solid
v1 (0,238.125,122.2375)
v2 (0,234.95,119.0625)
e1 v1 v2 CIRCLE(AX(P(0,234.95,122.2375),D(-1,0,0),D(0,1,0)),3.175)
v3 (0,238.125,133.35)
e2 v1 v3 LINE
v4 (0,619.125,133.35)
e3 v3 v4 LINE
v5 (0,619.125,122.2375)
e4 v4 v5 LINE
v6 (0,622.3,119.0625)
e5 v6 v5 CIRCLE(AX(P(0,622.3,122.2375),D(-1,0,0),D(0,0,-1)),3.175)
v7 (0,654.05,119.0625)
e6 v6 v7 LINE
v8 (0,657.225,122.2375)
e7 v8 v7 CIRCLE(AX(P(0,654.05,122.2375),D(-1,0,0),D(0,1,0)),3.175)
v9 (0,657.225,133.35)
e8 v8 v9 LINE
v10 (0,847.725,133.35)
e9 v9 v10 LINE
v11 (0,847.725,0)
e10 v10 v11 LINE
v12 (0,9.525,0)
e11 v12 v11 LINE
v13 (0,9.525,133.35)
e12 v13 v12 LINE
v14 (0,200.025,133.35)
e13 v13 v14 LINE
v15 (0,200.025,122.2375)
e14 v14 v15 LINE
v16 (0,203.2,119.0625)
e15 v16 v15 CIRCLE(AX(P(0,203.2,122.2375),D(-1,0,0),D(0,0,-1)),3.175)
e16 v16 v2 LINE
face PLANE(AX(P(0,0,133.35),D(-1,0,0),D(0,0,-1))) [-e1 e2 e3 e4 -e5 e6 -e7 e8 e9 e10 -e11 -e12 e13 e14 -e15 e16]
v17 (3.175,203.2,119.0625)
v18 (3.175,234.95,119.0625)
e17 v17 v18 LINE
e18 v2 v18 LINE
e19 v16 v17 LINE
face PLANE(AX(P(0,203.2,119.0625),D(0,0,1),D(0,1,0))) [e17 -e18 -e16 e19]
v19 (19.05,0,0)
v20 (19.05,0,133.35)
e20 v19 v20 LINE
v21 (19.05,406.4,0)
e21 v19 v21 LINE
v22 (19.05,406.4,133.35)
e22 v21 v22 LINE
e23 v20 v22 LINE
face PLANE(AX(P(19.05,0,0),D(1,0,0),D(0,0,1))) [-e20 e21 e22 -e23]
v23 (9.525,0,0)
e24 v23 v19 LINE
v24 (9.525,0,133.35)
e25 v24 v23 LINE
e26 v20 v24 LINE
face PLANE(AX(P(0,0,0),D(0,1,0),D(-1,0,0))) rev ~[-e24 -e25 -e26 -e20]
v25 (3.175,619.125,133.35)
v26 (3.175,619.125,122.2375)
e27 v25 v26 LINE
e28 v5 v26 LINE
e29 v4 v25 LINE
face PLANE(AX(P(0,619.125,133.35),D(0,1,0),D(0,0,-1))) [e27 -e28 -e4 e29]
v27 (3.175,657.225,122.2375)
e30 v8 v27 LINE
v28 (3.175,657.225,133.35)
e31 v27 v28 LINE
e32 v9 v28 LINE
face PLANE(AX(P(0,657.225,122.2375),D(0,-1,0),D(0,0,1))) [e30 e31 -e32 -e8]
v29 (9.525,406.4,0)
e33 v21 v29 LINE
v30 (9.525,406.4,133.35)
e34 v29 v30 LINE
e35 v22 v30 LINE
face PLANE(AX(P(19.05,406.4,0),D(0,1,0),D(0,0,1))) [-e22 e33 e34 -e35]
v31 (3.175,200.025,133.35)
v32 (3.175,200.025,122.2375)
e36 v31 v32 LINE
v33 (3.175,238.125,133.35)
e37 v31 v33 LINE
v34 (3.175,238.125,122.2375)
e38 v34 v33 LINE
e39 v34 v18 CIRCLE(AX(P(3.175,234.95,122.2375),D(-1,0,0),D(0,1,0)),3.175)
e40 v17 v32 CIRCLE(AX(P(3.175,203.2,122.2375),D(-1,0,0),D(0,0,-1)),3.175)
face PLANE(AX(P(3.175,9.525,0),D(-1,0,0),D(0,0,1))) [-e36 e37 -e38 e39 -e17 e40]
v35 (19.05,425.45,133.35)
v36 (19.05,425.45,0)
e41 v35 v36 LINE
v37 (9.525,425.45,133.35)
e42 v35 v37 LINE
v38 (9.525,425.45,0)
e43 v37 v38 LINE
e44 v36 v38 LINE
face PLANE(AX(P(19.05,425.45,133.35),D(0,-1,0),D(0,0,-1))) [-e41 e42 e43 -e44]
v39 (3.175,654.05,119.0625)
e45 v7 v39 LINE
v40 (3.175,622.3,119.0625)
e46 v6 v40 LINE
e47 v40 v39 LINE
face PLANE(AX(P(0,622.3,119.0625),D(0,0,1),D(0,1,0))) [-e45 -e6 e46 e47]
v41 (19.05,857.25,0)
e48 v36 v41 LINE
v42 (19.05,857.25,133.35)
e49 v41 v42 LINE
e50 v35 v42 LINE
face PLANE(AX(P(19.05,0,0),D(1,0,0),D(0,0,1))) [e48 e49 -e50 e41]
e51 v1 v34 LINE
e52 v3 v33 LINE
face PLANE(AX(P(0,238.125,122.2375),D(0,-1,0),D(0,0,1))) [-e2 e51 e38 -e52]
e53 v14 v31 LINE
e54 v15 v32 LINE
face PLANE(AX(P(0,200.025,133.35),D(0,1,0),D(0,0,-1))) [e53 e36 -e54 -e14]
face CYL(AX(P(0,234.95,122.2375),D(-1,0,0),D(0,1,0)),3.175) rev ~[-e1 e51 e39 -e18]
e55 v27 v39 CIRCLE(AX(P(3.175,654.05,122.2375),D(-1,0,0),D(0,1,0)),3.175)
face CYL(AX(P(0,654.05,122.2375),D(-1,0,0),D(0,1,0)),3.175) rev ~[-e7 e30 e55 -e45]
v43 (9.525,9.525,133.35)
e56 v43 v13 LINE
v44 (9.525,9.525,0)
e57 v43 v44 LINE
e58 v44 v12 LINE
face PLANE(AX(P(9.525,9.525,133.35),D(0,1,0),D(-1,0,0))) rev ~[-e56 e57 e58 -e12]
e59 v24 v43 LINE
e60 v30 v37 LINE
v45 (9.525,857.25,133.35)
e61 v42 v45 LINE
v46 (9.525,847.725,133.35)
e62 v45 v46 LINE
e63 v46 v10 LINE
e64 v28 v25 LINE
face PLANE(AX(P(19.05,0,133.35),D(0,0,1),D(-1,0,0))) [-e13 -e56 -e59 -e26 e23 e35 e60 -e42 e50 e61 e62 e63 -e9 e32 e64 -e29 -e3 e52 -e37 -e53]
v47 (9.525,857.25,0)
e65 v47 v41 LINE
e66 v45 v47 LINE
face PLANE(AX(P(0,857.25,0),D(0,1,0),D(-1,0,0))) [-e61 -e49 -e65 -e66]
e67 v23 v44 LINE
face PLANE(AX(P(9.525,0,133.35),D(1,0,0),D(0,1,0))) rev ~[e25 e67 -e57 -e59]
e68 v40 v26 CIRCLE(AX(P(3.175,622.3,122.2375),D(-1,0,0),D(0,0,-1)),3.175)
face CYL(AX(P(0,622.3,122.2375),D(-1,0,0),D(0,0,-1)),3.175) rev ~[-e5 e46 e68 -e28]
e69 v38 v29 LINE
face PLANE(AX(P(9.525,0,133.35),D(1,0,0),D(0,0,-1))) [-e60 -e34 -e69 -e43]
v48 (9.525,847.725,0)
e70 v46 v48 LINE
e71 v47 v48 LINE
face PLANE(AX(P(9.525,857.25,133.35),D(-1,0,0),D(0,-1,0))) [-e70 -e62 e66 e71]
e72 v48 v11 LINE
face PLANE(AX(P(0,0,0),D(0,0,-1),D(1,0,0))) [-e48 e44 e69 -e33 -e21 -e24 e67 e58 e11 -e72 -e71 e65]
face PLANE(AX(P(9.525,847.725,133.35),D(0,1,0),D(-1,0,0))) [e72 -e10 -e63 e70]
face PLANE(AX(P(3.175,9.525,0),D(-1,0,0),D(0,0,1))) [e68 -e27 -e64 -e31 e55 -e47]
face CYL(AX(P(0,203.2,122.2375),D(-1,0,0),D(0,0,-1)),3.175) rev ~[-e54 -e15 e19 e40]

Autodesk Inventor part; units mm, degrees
ref_plane "YZ Plane" through (0, 0, 0) normal (1, 0, 0) x (0, 1, 0)
ref_plane "XZ Plane" through (0, 0, 0) normal (0, 1, 0) x (-1, 0, 0)
ref_plane "XY Plane" through (0, 0, 0) normal (0, 0, 1) x (1, 0, 0)
sketch "Sketch1" plane through (0, 0, 0) normal (0, 1, 0) x (-1, 0, 0)
  line L0 (0, 0) -> (-19.05, 0)
  line L1 (-19.05, 0) -> (-19.05, 133.35)
  line L2 (-19.05, 133.35) -> (0, 133.35)
  line L3 (0, 133.35) -> (0, 0)
  dimension "d0" = 19.05
  dimension "d1" = 133.35
extrude "Board" add sketch "Sketch1" along normal blind 857.25
sketch "Sketch2" plane through (19.05, 0, 133.35) normal (1, 0, 0) x (0, 0, -1)
  line L0 (0, 425.45) -> (133.35, 425.45)
  line L1 (133.35, 425.45) -> (133.35, 406.4)
  line L2 (133.35, 406.4) -> (0, 406.4)
  line L3 (0, 406.4) -> (0, 425.45)
  line L4 (0, 0) -> (133.35, 0) projected
  line L5 (0, 0) -> (0, 857.25) projected
  line L6 (133.35, 0) -> (133.35, 857.25) projected
  dimension "d4" = 19.05
  dimension "d5" = 406.4
extrude "Shelf Notch" cut sketch "Sketch2" against normal blind 9.525 contours L0 L1 L2 L3
sketch "Sketch3" plane through (0, 0, 133.35) normal (0, 0, 1) x (1, 0, 0)
  line L0 (0, 857.25) -> (19.05, 857.25) projected
  line L1 (0, 857.25) -> (9.525, 857.25)
  line L2 (9.525, 857.25) -> (9.525, 847.725)
  line L3 (9.525, 847.725) -> (0, 847.725)
  line L4 (0, 847.725) -> (0, 857.25)
  line L5 (0, 0) -> (9.525, 0)
  line L6 (9.525, 0) -> (9.525, 9.525)
  line L7 (9.525, 9.525) -> (0, 9.525)
  line L8 (0, 9.525) -> (0, 0)
  dimension "d8" = 9.525
  dimension "d9" = 9.525
  dimension "d14" = 9.525
  dimension "d15" = 9.525
extrude "Top and Bottom Dados" cut sketch "Sketch3" against normal blind 133.35
sketch "Sketch5" plane through (0, 9.525, 0) normal (-1, 0, 0) x (0, 0, 1)
  line L0 (122.2375, 647.7) -> (133.35, 647.7)
  line L1 (133.35, 647.7) -> (133.35, 609.6)
  line L2 (133.35, 609.6) -> (122.2375, 609.6)
  line L3 (119.0625, 612.775) -> (119.0625, 644.525)
  line L4 (133.35, 838.2) -> (0, 838.2) projected
  line L5 (133.35, 0) -> (133.35, 838.2) projected
  line L6 (122.2375, 228.6) -> (133.35, 228.6)
  line L7 (133.35, 228.6) -> (133.35, 190.5)
  line L8 (133.35, 190.5) -> (122.2375, 190.5)
  line L9 (119.0625, 193.675) -> (119.0625, 225.425)
  line L10 (0, 0) -> (133.35, 0) projected
  arc A0 (122.2375, 647.7) -> (119.0625, 644.525) centre (122.2375, 644.525) ccw
  arc A1 (119.0625, 612.775) -> (122.2375, 609.6) centre (122.2375, 612.775) ccw
  arc A2 (122.2375, 228.6) -> (119.0625, 225.425) centre (122.2375, 225.425) ccw
  arc A3 (119.0625, 193.675) -> (122.2375, 190.5) centre (122.2375, 193.675) ccw
  point P0 (0, -9.525)
  point P1 (119.0625, 609.6)
  point P2 (119.0625, 190.5)
  dimension "d16" = 14.2875
  dimension "d17" = 38.1
  dimension "d18" = 838.2
  dimension "d19" = 190.5
  dimension "d20" = 38.1
  dimension "d21" = 14.2875
  dimension "d22" = 381
  dimension "d24" = 3.175
extrude "Hinge" cut sketch "Sketch5" against normal blind 3.175
equation "\"d12\" = d1"
equation "\"d19\" = 0.25 * d18 - 0.5 * d17"
equation "\"d20\" = d17"
equation "\"d21\" = d16"
equation "\"d22\" = 2 * d19"
properties part number "Door Side"
